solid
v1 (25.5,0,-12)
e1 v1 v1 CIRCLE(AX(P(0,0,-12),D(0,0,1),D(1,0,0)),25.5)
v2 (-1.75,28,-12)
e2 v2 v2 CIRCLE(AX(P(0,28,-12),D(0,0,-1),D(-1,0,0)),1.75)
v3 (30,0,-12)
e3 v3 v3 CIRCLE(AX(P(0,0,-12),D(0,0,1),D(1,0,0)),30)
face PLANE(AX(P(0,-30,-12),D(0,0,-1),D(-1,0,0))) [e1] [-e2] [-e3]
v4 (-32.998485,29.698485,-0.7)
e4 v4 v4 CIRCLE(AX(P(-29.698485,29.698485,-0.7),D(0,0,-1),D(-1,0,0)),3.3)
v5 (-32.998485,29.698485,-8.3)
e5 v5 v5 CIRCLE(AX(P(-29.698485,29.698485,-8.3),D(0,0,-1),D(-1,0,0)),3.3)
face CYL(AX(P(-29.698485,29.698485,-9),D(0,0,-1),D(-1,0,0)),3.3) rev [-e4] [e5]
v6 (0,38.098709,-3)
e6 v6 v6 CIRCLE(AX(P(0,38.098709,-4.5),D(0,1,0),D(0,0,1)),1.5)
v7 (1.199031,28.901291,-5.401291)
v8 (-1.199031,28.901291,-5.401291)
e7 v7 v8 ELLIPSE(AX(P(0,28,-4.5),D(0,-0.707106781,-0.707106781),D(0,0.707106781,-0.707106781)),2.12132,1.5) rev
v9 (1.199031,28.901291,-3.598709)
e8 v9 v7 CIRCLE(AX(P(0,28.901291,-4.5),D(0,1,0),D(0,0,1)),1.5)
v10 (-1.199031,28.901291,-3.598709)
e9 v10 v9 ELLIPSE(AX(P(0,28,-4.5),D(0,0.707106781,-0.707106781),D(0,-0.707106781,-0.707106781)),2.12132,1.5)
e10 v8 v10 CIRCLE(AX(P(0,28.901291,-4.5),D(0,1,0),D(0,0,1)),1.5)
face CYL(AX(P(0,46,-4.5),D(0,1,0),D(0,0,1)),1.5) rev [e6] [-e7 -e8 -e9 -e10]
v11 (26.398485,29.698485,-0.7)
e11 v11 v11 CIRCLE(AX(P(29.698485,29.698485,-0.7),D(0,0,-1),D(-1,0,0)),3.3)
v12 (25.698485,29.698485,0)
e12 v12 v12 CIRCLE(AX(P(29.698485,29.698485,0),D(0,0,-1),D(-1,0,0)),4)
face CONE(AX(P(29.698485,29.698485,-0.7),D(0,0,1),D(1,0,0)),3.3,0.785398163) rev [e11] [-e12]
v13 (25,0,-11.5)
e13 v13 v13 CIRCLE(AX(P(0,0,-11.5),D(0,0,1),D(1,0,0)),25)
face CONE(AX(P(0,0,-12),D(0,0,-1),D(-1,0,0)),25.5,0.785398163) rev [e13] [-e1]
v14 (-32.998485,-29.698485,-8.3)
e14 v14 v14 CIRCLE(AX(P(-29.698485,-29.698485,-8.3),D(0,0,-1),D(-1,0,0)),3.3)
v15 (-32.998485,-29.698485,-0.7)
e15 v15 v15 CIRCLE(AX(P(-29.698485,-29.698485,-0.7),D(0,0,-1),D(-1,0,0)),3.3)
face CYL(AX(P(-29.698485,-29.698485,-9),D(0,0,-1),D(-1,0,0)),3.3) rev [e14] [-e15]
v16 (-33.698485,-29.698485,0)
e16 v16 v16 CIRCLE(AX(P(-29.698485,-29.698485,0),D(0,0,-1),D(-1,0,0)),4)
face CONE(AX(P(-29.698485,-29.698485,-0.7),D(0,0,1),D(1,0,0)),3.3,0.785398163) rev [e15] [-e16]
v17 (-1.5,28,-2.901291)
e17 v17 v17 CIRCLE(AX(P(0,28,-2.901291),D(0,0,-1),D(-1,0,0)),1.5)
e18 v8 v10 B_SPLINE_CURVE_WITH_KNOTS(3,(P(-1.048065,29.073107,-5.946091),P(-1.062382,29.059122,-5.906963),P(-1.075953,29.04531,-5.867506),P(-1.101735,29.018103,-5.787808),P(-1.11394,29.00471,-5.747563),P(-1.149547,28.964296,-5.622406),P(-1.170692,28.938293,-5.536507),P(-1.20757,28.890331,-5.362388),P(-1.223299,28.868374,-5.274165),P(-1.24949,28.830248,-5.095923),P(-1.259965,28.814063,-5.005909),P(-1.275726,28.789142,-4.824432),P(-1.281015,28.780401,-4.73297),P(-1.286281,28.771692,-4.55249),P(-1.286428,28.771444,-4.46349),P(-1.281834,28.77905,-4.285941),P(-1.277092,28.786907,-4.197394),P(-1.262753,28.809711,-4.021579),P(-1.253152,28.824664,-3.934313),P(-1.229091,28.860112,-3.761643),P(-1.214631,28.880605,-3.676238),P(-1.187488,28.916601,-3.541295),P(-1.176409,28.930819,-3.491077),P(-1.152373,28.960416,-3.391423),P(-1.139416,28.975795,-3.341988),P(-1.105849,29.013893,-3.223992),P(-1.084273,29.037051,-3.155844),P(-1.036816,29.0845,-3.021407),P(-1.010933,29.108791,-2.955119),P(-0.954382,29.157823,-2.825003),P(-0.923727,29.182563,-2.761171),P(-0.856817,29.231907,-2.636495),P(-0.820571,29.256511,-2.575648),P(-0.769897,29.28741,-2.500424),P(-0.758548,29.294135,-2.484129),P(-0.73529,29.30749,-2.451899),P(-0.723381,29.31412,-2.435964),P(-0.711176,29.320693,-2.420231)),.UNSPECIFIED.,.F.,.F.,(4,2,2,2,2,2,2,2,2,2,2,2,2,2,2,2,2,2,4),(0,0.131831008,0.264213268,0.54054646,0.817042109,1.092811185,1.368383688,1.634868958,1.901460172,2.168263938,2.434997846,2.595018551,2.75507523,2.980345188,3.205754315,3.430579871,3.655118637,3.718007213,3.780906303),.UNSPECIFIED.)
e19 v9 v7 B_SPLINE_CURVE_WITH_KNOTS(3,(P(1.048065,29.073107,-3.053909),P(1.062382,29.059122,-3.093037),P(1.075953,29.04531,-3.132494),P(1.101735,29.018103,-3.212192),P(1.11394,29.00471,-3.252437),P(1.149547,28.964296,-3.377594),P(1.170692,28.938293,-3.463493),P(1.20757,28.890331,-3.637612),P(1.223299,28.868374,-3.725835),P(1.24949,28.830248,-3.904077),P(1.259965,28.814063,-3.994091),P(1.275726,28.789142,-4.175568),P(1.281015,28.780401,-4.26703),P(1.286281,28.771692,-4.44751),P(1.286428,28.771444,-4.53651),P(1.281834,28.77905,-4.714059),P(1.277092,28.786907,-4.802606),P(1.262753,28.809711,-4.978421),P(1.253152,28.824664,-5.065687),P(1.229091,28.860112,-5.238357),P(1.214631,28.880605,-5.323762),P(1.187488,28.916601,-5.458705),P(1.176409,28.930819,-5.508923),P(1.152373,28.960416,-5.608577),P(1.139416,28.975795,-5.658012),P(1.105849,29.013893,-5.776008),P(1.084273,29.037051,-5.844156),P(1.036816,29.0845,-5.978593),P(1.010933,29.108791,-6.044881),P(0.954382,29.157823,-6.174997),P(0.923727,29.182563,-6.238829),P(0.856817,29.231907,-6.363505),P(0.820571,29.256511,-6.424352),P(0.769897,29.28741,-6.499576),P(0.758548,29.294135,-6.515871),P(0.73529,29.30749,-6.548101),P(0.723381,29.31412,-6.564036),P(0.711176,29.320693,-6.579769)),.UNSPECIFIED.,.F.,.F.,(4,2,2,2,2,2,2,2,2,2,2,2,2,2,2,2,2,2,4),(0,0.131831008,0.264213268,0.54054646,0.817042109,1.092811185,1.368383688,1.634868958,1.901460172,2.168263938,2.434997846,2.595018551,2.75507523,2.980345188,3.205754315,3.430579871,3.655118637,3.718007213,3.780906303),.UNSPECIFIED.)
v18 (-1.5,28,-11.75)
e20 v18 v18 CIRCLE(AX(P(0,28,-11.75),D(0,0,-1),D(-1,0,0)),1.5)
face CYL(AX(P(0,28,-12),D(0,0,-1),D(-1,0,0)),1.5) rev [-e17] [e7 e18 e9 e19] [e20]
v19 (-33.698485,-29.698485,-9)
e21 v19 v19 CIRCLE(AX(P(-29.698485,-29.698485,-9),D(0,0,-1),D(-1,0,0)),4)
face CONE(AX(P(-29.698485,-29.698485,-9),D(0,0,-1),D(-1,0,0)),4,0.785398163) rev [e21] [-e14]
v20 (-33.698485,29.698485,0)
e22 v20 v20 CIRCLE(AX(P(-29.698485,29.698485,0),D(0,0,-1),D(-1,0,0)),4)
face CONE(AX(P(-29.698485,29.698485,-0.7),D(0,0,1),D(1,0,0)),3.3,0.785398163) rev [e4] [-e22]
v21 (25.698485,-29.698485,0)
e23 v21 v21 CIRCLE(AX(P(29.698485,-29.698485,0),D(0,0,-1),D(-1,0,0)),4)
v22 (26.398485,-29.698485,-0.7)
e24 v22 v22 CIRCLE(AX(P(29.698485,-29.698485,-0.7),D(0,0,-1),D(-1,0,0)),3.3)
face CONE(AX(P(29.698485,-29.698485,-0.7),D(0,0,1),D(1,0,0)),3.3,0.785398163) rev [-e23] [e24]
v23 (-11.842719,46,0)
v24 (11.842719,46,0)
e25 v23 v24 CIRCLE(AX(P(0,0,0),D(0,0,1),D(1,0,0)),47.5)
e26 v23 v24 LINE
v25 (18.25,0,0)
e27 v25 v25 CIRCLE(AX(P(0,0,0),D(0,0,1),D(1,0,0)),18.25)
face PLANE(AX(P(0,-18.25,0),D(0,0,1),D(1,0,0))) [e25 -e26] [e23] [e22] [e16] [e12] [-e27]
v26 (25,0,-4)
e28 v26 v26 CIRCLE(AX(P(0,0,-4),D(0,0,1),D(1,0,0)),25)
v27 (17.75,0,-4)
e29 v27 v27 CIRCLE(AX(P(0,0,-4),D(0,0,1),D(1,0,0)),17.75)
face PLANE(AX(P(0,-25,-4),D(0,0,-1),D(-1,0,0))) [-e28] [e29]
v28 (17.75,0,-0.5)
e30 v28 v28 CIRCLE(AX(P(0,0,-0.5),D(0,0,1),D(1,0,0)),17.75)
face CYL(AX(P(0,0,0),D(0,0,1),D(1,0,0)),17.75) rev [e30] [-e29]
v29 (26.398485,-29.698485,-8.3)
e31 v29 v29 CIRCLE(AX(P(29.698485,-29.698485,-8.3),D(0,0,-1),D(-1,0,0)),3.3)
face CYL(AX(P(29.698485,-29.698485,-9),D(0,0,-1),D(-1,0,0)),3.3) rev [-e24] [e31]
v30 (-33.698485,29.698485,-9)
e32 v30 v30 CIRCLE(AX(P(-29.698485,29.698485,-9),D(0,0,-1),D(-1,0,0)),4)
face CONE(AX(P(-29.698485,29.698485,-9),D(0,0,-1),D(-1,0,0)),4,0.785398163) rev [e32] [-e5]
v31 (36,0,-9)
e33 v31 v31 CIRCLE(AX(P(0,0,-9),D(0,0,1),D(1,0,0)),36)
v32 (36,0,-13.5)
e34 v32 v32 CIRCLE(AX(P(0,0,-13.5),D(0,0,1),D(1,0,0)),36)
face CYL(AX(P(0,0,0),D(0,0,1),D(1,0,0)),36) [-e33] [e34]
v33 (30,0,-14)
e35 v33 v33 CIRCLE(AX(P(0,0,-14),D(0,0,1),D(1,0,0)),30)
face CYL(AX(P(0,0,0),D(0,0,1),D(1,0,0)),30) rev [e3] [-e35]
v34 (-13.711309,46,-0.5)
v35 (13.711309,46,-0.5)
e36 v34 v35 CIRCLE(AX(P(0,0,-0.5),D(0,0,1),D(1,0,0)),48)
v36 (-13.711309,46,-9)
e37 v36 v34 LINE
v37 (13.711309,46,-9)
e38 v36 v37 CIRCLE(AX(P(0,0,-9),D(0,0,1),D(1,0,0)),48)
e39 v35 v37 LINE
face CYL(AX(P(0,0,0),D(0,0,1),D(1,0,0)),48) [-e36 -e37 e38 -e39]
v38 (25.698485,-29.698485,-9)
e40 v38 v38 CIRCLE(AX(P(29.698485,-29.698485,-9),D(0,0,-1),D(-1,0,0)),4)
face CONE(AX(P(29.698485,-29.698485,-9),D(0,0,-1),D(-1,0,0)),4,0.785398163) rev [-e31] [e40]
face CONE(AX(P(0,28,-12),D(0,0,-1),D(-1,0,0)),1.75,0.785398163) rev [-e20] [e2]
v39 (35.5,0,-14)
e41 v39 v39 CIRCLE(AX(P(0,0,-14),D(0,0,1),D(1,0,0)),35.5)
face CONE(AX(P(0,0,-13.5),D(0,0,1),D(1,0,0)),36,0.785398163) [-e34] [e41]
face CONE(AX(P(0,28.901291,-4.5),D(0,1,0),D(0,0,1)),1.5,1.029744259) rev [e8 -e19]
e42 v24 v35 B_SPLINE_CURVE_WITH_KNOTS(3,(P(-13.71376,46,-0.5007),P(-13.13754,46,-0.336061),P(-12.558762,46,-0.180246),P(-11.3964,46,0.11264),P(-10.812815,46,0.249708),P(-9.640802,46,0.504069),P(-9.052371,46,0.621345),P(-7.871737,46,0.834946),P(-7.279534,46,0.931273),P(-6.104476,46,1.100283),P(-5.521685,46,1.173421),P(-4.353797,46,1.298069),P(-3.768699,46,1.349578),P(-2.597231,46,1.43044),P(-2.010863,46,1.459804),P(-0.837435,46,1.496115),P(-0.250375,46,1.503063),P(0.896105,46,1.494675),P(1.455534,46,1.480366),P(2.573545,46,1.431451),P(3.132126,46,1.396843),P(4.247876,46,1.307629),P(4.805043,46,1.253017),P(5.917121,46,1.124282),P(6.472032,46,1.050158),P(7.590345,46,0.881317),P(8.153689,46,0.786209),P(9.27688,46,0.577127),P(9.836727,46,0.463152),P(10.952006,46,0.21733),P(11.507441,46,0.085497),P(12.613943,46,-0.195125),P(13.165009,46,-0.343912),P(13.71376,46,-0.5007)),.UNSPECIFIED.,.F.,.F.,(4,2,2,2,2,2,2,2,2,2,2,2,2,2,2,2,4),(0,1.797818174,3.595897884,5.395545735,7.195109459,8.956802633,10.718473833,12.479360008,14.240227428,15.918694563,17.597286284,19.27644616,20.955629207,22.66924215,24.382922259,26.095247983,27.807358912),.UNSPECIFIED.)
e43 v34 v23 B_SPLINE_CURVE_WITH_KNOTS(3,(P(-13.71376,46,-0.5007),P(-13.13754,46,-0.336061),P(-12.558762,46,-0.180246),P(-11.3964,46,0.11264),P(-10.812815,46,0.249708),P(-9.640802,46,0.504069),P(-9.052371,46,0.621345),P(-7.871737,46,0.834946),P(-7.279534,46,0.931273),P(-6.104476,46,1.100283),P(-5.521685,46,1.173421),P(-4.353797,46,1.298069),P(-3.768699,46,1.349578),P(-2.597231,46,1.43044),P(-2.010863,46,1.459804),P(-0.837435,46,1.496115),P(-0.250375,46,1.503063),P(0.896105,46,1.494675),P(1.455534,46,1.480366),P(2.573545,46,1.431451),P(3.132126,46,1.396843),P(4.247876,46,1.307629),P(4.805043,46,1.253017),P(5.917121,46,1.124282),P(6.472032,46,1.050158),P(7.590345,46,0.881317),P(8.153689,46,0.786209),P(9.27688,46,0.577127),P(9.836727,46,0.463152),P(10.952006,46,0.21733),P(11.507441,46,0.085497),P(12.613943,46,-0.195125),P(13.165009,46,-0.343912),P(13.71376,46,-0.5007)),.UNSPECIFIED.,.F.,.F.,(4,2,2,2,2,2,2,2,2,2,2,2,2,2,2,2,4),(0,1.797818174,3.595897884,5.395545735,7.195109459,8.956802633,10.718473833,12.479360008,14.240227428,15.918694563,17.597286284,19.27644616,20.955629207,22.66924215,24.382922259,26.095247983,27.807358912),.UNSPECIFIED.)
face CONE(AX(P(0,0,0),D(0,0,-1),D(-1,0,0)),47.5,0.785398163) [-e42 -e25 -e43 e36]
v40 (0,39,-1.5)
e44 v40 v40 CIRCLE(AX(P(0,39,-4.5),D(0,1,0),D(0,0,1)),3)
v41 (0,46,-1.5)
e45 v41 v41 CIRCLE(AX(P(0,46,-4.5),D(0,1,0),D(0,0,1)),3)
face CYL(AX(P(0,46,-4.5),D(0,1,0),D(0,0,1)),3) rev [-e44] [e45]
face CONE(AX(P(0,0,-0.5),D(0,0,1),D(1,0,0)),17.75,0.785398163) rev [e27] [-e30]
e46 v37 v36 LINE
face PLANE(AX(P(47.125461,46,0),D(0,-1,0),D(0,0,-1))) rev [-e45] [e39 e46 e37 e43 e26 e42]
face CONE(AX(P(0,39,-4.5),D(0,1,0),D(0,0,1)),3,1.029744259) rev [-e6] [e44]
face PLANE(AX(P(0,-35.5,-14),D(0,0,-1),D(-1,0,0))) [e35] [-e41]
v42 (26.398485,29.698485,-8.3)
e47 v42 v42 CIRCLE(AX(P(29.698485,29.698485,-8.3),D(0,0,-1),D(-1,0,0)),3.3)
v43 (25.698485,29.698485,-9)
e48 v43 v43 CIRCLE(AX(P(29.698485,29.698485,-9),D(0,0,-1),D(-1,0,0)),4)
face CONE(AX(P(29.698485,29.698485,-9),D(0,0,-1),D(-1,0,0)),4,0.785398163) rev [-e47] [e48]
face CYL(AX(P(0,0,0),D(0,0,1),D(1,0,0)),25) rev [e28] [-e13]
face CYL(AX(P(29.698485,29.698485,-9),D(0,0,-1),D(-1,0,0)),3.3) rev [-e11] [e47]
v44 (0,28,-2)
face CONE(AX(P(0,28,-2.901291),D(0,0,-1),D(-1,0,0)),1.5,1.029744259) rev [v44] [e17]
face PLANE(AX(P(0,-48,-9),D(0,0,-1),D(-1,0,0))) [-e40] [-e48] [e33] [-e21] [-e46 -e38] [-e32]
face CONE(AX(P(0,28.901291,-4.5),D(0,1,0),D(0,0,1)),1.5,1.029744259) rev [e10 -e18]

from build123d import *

# Parameters (mm, degrees)
CIRPATTERN1_COUNT               = 4
SKETCH4_W                       = 93.853238467
SKETCH4_H                       = 20.664933241
CUT_EXTRUDE1_DEPTH              = 69.476273263
F_3_0MM_DOWEL_HOLE1_D           = 3
F_3_0MM_DOWEL_HOLE1_DEPTH       = 9.098709071
F_3_0MM_DOWEL_HOLE1_CSINK_D     = 3.5
F_3_0MM_DOWEL_HOLE1_CSINK_ANGLE = 90
F_3_0MM_DOWEL_HOLE1_TIP         = 0.901290929


with BuildPart() as part:
    # Sketch1 → Revolve1 (revolve)
    with BuildSketch(Plane(origin=(0, 0, 0), x_dir=(0, 0, -1), z_dir=(1, 0, 0)), mode=Mode.PRIVATE) as revolve1_sk:
        Polygon((0, -18.25), (0, -47.5), (0.5, -48), (9, -48), (9, -36), (13.5, -36), (14, -35.5), (14, -30), (12, -30), (12, -25.5), (11.5, -25), (4, -25), (4, -17.75), (0.5, -17.75), align=None)
    revolve(revolve1_sk.sketch.rotate(Axis((0, 0, 0), (0, 0, -1)), 270), axis=Axis((0, 0, 0), (0, 0, -1)))

    # Sketch3 → Ø6.0mm Dowel Hole1 (revolve, cut)
    with BuildSketch(Plane(origin=(-29.69848481, 29.69848481, -9), x_dir=(0, 1, 0), z_dir=(1, 0, 0))):
        Polygon((0, 0), (0, 9), (4, 9), (3.3, 8.3), (3.3, 0.7), (4, 0), align=None)
    f_6_0mm_dowel_hole1 = revolve(axis=Axis((-29.69848481, 29.69848481, -15.35), (0, 0, 1)), mode=Mode.SUBTRACT)

    # CirPattern1: Ø6.0mm Dowel Hole1 ×4 about axis
    cirpattern1_axis = Axis((0, 0, 0), (0, 0, 1))
    for i in range(1, CIRPATTERN1_COUNT):
        add(f_6_0mm_dowel_hole1.rotate(cirpattern1_axis, i * 360 / CIRPATTERN1_COUNT), mode=Mode.SUBTRACT)

    # Sketch4 → Cut-Extrude1 (cut, through all)
    with BuildSketch(Plane(origin=(0, 0, -9), x_dir=(-1, 0, 0), z_dir=(0, 0, -1))):
        with Locations((-0.198842092, 56.33246662)):
            Rectangle(SKETCH4_W, SKETCH4_H)
    extrude(amount=-CUT_EXTRUDE1_DEPTH, mode=Mode.SUBTRACT)

    # Ø3.0mm Dowel Hole1
    with Locations(Plane(origin=(0, 0, -12), x_dir=(-1, 0, 0), z_dir=(0, 0, -1))):
        with Locations((0, 28)):
            CounterSinkHole(F_3_0MM_DOWEL_HOLE1_D / 2, F_3_0MM_DOWEL_HOLE1_CSINK_D / 2, depth=F_3_0MM_DOWEL_HOLE1_DEPTH, counter_sink_angle=F_3_0MM_DOWEL_HOLE1_CSINK_ANGLE)
            with Locations((0, 0, -(F_3_0MM_DOWEL_HOLE1_DEPTH + F_3_0MM_DOWEL_HOLE1_TIP / 2))):  # 118° drill point
                Cone(0, F_3_0MM_DOWEL_HOLE1_D / 2, F_3_0MM_DOWEL_HOLE1_TIP, mode=Mode.SUBTRACT)

    # Sketch9 → Hole1 (revolve, cut)
    with BuildSketch(Plane(origin=(0, 46, -4.5), x_dir=(0, 0, 1), z_dir=(1, 0, 0))):
        Polygon((0, 0), (0, 18), (1.5, 17.098709071), (1.5, 7.901290929), (3, 7), (3, 0), align=None)
    revolve(axis=Axis((0, 52.130023899, -4.5), (0, -1, 0)), mode=Mode.SUBTRACT)


solid = part.part
